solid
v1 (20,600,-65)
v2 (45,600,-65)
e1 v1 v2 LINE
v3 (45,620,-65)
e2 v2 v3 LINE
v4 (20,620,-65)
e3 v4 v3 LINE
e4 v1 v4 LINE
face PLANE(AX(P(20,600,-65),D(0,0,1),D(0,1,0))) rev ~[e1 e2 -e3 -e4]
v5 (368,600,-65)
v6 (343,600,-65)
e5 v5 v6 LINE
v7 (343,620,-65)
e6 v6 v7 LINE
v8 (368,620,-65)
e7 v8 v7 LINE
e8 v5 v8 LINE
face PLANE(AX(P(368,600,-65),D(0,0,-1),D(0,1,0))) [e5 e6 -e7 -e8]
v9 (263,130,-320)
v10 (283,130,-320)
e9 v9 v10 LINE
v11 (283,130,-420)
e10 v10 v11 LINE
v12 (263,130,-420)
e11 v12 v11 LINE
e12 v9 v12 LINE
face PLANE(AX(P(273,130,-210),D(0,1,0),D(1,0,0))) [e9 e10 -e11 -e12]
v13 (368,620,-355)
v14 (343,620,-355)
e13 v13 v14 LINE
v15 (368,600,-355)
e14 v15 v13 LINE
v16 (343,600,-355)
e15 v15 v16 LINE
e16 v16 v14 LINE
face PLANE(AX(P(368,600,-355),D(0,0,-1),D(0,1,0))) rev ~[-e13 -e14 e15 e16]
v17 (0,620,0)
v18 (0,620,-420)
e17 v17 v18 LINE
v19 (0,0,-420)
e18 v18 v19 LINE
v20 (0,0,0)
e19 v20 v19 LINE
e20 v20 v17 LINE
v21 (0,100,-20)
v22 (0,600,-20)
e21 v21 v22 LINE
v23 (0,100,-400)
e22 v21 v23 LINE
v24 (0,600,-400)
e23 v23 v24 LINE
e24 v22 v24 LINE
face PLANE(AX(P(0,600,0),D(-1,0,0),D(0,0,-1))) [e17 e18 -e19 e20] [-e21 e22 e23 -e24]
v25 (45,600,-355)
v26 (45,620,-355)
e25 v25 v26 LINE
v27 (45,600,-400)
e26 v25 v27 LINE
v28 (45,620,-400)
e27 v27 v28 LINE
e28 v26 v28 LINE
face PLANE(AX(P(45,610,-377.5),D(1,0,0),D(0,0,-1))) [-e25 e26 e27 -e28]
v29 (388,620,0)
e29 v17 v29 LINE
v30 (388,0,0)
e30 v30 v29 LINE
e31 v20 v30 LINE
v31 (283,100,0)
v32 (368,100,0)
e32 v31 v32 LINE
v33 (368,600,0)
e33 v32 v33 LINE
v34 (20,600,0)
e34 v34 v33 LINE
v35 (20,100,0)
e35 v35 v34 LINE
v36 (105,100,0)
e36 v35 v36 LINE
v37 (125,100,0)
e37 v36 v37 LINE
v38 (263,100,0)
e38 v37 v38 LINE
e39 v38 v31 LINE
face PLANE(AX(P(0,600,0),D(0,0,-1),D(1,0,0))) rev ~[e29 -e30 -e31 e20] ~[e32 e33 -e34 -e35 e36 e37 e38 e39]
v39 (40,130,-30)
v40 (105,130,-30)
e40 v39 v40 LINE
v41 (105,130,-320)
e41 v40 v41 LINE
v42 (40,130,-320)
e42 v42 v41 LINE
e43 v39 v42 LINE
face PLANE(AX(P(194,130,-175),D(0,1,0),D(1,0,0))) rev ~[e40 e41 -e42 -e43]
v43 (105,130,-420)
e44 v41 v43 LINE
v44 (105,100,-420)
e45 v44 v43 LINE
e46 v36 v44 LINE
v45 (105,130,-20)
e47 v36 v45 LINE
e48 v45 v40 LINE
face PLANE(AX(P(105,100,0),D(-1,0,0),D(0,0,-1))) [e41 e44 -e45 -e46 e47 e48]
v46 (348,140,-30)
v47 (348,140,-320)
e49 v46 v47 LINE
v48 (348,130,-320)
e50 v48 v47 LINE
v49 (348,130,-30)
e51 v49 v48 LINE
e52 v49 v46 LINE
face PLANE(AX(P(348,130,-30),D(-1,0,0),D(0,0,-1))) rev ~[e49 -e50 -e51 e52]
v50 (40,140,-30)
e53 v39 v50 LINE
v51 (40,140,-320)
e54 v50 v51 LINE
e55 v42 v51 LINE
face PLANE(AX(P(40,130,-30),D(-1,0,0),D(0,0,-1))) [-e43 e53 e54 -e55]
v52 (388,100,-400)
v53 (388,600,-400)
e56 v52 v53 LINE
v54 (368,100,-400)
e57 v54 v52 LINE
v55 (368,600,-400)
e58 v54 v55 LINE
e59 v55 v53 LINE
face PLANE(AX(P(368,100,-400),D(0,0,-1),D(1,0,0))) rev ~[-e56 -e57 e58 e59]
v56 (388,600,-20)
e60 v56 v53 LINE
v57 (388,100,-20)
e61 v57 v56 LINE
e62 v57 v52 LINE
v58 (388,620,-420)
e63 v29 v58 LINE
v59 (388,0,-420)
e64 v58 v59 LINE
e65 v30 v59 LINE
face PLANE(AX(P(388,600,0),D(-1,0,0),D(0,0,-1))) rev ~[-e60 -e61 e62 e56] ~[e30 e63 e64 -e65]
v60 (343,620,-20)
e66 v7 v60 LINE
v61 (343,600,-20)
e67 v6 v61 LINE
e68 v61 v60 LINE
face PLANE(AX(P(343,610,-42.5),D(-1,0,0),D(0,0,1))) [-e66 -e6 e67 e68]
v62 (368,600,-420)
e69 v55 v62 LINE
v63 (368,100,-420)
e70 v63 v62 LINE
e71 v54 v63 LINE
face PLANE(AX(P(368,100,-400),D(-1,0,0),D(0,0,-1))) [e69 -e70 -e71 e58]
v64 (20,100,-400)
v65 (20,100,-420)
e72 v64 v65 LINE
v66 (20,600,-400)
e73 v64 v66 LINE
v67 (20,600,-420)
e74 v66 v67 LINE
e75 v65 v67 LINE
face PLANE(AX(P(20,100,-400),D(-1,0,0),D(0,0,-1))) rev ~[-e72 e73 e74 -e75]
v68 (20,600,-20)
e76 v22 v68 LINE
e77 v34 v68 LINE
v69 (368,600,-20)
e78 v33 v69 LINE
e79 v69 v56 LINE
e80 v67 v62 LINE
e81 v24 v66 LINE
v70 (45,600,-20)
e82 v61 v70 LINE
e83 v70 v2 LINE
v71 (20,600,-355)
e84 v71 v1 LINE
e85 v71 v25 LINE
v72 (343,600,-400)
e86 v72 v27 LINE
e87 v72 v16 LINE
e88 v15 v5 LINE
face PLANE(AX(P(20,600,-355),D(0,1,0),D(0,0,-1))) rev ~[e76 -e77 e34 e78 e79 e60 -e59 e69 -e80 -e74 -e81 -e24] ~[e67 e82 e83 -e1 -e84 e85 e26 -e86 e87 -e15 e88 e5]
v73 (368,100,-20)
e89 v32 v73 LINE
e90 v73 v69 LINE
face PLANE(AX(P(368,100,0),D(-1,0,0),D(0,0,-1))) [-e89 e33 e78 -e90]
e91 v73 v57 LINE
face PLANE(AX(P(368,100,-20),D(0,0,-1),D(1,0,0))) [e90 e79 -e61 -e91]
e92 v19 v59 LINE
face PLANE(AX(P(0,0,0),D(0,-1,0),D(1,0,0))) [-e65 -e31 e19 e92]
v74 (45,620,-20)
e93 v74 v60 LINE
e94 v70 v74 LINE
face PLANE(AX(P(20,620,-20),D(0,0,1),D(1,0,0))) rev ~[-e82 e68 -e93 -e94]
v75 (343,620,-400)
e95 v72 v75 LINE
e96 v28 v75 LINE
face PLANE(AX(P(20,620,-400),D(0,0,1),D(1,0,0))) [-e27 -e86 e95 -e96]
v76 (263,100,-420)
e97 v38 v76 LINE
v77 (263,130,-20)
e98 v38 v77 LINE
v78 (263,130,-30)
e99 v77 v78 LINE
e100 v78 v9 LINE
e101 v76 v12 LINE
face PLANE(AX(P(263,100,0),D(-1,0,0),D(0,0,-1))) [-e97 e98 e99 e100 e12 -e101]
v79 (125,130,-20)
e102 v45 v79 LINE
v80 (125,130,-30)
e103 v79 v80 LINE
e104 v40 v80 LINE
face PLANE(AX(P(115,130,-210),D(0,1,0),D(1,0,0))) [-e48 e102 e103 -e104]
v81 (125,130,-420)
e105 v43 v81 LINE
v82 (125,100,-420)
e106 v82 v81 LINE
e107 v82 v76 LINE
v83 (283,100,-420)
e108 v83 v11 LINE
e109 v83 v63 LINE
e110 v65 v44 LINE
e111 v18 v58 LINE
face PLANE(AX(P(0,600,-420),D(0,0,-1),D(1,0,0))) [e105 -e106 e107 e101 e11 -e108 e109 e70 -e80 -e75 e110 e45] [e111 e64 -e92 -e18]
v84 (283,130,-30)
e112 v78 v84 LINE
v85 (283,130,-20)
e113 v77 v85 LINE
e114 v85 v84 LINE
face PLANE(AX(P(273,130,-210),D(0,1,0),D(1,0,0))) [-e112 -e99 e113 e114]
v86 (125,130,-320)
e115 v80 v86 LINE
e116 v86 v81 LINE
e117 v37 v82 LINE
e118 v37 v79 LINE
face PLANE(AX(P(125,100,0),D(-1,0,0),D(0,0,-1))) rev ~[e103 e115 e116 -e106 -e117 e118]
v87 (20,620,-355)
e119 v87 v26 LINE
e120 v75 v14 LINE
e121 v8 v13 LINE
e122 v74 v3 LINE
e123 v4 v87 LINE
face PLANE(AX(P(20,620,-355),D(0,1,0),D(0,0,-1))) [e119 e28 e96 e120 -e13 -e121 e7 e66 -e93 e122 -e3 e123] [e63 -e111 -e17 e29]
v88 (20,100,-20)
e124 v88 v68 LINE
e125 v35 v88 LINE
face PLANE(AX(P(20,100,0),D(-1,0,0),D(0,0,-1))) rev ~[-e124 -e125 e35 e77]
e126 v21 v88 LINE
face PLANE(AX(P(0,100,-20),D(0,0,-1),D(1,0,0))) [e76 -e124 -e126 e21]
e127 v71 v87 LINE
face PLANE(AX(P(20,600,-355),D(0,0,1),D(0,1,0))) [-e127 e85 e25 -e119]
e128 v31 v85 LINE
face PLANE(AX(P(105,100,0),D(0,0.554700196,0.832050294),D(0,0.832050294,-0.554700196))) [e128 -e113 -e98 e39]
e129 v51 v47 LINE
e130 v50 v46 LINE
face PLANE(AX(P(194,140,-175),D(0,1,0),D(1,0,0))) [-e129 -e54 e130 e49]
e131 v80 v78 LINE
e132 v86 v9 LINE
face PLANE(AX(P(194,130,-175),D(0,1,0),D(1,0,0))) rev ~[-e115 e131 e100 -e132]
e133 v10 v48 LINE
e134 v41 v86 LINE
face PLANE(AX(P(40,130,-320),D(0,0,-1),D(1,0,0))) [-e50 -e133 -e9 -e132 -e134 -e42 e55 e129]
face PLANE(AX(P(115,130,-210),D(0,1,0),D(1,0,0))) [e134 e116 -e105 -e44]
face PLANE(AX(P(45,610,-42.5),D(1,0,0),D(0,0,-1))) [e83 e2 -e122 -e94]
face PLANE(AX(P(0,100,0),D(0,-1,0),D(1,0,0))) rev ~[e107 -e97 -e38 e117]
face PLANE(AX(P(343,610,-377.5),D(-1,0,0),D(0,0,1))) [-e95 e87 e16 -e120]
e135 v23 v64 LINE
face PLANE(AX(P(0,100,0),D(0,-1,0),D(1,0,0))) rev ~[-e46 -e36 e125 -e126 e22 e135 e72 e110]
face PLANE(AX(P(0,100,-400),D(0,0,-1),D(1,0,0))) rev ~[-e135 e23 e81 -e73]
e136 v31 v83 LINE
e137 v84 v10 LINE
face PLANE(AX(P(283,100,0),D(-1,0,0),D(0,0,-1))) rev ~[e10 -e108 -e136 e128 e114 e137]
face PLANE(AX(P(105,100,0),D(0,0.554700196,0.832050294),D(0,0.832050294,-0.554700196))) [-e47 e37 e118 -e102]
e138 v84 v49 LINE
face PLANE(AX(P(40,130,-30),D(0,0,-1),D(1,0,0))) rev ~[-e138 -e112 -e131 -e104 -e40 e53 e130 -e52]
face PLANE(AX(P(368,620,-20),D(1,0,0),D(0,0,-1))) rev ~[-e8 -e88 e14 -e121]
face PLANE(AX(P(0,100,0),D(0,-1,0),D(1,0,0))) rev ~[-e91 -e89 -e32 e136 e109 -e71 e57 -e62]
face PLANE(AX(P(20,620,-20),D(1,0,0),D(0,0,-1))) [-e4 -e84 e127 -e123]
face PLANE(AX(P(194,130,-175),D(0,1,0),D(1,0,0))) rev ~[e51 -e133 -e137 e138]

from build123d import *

# Parameters (mm, degrees)
SKETCH_1_W          = 388
SKETCH_1_H          = 100
EXTRUDE_1_DEPTH     = 420
SKETCH_2_W          = 20
SKETCH_2_H          = 420
EXTRUDE_2_DEPTH     = 30
SKETCH_3_W          = 20
SKETCH_3_H          = 20
EXTRUDE_3_DEPTH     = 500
SKETCH_4_W          = 388
SKETCH_4_H          = 420
EXTRUDE_4_DEPTH     = 20
SKETCH_6_W          = 308
SKETCH_6_H          = 290
EXTRUDE_6_DEPTH     = 10
CUT_EXTRUDE_1_REACH = 802.555
CUT_EXTRUDE_2_REACH = 845.412
SKETCH_8_W          = 348
SKETCH_8_H          = 380
SKETCH_9_W          = 45
SKETCH_9_H          = 20
EXTRUDE_7_DEPTH     = 25
SKETCH_10_W         = 45
SKETCH_10_H         = 20
EXTRUDE_8_DEPTH     = 25


with BuildPart() as part:
    # 草图1 → 凸台-拉伸1 (new body)
    with BuildSketch(Plane.XY):
        with Locations((194, 50)):
            Rectangle(SKETCH_1_W, SKETCH_1_H)
    extrude(amount=-EXTRUDE_1_DEPTH)

    # 草图2 → 凸台-拉伸2 (add)
    with BuildSketch(Plane(origin=(0, 100, 0), x_dir=(1, 0, 0), z_dir=(0, 1, 0))):
        with Locations((115, 210)):
            Rectangle(SKETCH_2_W, SKETCH_2_H)
        with Locations((273, 210)):
            Rectangle(SKETCH_2_W, SKETCH_2_H)
    extrude(amount=EXTRUDE_2_DEPTH)

    # 草图3 → 凸台-拉伸3 (add)
    with BuildSketch(Plane(origin=(0, 100, 0), x_dir=(1, 0, 0), z_dir=(0, 1, 0))):
        with Locations((10, 10)):
            Rectangle(SKETCH_3_W, SKETCH_3_H)
        with Locations((10, 410)):
            Rectangle(SKETCH_3_W, SKETCH_3_H)
        with Locations((378, 10)):
            Rectangle(SKETCH_3_W, SKETCH_3_H)
        with Locations((378, 410)):
            Rectangle(SKETCH_3_W, SKETCH_3_H)
    extrude(amount=EXTRUDE_3_DEPTH)

    # 草图4 → 凸台-拉伸4 (add)
    with BuildSketch(Plane(origin=(0, 600, 0), x_dir=(1, 0, 0), z_dir=(0, 1, 0))):
        with Locations((194, 210)):
            Rectangle(SKETCH_4_W, SKETCH_4_H)
    extrude(amount=EXTRUDE_4_DEPTH)

    # 草图6 → 凸台-拉伸6 (add)
    with BuildSketch(Plane(origin=(0, 130, 0), x_dir=(1, 0, 0), z_dir=(0, 1, 0))):
        with Locations((194, 175)):
            Rectangle(SKETCH_6_W, SKETCH_6_H)
    extrude(amount=EXTRUDE_6_DEPTH)

    # 切除-拉伸1: up to this face of the body (flat: up to its plane)
    cut_extrude_1_end = Plane(part.part.faces().sort_by_distance((283, 115, -210))[0])
    # 草图7 → 切除-拉伸1 (cut, up to the picked face)
    with BuildSketch(Plane.ZY.offset(-105), mode=Mode.PRIVATE) as cut_extrude_1_sk1:
        Polygon((0, 100), (-20, 130), (0, 130), align=None)
    cut_extrude_1_tool1 = split(extrude(cut_extrude_1_sk1.sketch, amount=-CUT_EXTRUDE_1_REACH, mode=Mode.PRIVATE), bisect_by=cut_extrude_1_end, keep=Keep.BOTH, mode=Mode.PRIVATE)
    add(cut_extrude_1_tool1.solids().sort_by(Axis((105, 120, -6.666667), (1, 0, 0)))[0], mode=Mode.SUBTRACT)

    # 草图8 → 切除-拉伸2 (cut, up to next)
    with BuildSketch(Plane(origin=(0, 620, 0), x_dir=(1, 0, 0), z_dir=(0, 1, 0)), mode=Mode.PRIVATE) as cut_extrude_2_sk1:
        with Locations((194, 210)):
            Rectangle(SKETCH_8_W, SKETCH_8_H)
    cut_extrude_2_tool1 = extrude(cut_extrude_2_sk1.sketch, amount=-CUT_EXTRUDE_2_REACH, mode=Mode.PRIVATE) & part.part
    add(cut_extrude_2_tool1.solids().sort_by_distance((194, 620, -210))[0], mode=Mode.SUBTRACT)

    # 草图9 → 凸台-拉伸7 (add)
    with BuildSketch(Plane.ZY.offset(-368)):
        with Locations((-42.5, 610)):
            Rectangle(SKETCH_9_W, SKETCH_9_H)
        with Locations((-377.5, 610)):
            Rectangle(SKETCH_9_W, SKETCH_9_H)
    extrude(amount=EXTRUDE_7_DEPTH)

    # 草图10 → 凸台-拉伸8 (add)
    with BuildSketch(Plane(origin=(20, 0, 0), x_dir=(0, 0, -1), z_dir=(1, 0, 0))):
        with Locations((377.5, 610)):
            Rectangle(SKETCH_10_W, SKETCH_10_H)
        with Locations((42.5, 610)):
            Rectangle(SKETCH_10_W, SKETCH_10_H)
    extrude(amount=EXTRUDE_8_DEPTH)


solid = part.part
